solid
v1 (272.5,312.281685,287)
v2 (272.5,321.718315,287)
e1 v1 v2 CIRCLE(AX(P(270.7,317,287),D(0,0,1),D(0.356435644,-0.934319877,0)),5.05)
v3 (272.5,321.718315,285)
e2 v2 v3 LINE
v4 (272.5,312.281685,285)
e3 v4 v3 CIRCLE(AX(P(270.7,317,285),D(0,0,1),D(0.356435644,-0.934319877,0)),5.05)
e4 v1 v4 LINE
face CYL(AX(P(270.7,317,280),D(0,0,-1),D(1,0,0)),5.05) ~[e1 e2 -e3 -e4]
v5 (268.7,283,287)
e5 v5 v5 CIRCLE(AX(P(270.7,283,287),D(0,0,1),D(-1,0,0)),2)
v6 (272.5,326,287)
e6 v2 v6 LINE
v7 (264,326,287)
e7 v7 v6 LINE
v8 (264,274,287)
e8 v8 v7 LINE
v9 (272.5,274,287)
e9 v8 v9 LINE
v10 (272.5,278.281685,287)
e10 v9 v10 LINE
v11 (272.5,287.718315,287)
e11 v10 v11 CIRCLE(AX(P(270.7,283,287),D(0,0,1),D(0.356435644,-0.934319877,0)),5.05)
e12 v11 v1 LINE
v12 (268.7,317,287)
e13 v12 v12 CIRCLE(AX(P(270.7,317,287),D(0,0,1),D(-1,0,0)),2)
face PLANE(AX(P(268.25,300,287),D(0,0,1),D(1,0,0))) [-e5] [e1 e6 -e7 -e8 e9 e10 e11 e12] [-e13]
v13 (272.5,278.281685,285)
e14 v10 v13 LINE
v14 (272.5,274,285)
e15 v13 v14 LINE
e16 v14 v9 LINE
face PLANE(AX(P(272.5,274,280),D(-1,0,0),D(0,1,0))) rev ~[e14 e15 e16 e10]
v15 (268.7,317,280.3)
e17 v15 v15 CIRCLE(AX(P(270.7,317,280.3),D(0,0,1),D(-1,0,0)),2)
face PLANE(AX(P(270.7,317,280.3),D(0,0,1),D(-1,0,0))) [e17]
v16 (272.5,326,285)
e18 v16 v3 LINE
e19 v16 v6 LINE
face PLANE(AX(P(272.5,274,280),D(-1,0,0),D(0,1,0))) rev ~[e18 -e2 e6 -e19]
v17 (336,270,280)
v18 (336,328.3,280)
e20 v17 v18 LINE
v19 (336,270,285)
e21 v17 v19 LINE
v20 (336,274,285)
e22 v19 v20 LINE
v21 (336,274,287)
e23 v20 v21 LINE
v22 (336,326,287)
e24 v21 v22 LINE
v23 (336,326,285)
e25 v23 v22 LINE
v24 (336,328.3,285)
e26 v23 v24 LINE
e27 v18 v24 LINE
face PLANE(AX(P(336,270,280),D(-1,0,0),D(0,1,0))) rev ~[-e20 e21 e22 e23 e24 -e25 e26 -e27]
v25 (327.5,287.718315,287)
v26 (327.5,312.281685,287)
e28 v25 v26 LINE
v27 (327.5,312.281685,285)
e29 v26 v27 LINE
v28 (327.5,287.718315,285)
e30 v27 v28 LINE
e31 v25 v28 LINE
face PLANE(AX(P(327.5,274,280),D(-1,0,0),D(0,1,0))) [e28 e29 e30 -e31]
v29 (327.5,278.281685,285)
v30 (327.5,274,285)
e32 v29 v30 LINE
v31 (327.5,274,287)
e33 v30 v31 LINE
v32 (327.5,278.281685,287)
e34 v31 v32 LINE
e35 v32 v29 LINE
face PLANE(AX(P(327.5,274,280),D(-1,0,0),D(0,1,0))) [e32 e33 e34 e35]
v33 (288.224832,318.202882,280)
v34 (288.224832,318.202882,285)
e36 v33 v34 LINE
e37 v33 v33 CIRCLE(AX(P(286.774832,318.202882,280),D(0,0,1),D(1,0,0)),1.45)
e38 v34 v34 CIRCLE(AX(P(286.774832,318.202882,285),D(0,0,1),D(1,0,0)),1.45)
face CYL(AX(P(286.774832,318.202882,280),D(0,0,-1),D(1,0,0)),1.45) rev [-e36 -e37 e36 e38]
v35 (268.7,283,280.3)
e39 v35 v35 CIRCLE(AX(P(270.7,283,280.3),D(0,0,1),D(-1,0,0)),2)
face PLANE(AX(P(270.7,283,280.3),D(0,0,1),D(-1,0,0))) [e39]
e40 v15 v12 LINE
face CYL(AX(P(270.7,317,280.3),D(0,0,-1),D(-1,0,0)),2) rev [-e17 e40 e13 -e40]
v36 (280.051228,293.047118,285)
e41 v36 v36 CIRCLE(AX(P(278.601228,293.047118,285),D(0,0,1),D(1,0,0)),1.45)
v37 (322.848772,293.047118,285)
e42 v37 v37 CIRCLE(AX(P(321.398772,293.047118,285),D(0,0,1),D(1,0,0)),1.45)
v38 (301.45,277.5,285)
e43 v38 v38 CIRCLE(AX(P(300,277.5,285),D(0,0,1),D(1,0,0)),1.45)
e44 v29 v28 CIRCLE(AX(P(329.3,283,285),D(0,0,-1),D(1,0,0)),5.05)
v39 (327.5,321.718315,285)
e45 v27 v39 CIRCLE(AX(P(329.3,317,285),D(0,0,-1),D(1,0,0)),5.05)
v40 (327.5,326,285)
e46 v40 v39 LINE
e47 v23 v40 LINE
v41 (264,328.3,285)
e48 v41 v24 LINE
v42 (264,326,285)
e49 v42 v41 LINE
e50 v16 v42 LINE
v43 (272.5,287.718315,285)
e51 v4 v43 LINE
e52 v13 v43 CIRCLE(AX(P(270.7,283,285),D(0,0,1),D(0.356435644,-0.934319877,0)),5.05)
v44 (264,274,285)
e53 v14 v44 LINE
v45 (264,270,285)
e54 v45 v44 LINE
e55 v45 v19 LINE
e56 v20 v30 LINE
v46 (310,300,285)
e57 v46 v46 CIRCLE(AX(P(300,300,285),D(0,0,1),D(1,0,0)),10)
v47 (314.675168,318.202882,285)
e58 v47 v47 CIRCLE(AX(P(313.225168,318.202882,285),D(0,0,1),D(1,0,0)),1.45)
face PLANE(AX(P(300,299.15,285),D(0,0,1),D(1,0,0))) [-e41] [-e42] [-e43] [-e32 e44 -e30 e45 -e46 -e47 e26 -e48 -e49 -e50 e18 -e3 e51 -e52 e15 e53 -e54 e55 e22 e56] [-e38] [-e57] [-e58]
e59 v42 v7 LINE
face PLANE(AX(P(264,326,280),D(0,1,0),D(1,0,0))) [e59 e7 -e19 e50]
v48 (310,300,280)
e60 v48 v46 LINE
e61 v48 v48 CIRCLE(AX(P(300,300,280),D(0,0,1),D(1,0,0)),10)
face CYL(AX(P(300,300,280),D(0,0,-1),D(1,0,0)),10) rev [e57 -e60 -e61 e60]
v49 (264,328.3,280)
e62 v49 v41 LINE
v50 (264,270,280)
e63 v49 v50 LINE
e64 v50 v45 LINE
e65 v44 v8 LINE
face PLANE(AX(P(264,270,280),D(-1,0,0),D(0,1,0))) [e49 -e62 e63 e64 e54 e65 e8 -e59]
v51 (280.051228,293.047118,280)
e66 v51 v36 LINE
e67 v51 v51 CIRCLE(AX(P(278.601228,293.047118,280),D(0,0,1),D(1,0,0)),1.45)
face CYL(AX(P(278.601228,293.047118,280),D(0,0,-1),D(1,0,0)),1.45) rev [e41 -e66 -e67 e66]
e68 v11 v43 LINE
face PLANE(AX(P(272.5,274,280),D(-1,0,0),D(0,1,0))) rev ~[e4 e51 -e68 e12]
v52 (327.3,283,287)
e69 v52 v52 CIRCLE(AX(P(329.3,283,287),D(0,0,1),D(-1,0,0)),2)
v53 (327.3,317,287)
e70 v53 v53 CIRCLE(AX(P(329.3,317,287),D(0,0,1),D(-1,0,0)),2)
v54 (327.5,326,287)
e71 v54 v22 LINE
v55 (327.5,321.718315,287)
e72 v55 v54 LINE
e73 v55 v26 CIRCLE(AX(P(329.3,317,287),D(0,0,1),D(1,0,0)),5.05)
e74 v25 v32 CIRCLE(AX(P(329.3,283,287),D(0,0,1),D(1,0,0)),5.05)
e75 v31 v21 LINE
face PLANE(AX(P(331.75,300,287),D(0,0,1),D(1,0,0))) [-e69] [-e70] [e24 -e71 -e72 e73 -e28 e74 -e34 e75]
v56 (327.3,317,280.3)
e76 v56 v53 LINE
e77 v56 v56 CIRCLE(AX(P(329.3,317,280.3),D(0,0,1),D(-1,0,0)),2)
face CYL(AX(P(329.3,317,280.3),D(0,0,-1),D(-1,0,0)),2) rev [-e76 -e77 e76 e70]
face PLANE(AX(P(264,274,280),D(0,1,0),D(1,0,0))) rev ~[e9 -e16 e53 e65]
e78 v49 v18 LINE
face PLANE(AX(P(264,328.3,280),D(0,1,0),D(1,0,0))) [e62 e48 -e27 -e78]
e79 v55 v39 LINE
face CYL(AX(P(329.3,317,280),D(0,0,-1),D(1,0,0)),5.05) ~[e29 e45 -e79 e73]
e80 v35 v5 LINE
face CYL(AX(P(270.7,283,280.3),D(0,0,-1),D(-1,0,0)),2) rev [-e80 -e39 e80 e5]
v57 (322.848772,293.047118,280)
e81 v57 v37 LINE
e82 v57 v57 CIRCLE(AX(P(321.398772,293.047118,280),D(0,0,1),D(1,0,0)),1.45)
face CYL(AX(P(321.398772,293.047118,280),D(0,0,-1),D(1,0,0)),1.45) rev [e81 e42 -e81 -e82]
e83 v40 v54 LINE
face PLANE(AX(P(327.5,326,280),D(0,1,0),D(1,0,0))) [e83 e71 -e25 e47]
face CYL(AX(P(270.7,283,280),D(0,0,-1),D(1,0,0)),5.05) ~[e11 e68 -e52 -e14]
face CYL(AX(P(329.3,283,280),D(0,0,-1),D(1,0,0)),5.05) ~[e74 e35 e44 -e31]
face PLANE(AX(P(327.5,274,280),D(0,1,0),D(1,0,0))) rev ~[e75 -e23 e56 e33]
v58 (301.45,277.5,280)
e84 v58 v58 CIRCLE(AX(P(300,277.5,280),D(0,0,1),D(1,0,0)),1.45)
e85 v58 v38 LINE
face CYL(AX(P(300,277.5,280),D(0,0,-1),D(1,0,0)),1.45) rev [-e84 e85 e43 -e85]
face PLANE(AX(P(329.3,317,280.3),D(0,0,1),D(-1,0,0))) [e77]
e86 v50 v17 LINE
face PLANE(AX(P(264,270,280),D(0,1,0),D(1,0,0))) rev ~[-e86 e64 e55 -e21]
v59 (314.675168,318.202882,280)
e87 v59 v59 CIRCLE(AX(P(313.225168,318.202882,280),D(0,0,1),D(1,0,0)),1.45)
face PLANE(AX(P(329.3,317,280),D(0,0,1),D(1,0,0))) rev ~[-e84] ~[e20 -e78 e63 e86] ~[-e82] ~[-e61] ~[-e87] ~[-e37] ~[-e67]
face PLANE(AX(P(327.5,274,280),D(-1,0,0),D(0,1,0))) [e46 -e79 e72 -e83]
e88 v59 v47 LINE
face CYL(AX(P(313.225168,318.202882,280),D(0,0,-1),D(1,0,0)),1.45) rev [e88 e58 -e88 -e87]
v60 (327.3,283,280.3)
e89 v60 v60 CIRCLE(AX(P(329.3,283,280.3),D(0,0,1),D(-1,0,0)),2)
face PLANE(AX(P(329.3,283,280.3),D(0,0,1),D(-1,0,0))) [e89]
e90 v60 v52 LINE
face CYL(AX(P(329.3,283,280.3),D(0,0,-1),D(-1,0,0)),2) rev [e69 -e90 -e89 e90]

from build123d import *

# Parameters (mm, degrees)
SKETCH1_W           = 72
SKETCH1_H           = 58.3
SKETCH1_R           = 10
SKETCH1_R_2         = 1.45
BOSS_EXTRUDE1_DEPTH = 5
SKETCH2_W           = 8.5
SKETCH2_H           = 52
BOSS_EXTRUDE2_DEPTH = 7
SKETCH3_R           = 5.05
BOSS_EXTRUDE3_DEPTH = 7
SKETCH4_R           = 5.05
BOSS_EXTRUDE4_DEPTH = 7
SKETCH5_R           = 2
CUT_EXTRUDE1_DEPTH  = 6.7
SKETCH6_W           = 8.5
SKETCH6_H           = 52
BOSS_EXTRUDE5_DEPTH = 7
SKETCH7_R           = 5.05
BOSS_EXTRUDE6_DEPTH = 7
SKETCH8_R           = 5.05
BOSS_EXTRUDE7_DEPTH = 7
SKETCH9_R           = 2
CUT_EXTRUDE2_DEPTH  = 6.7


with BuildPart() as part:
    # Sketch1 → Boss-Extrude1 (new body)
    with BuildSketch(Plane.XY.offset(280)):
        with Locations((300, 299.15)):
            Rectangle(SKETCH1_W, SKETCH1_H)
        with Locations((300, 300)):
            Circle(SKETCH1_R, mode=Mode.SUBTRACT)
        with Locations((286.774831823, 318.202882373)):
            Circle(SKETCH1_R_2, mode=Mode.SUBTRACT)
        with Locations((278.601228383, 293.047117627)):
            Circle(SKETCH1_R_2, mode=Mode.SUBTRACT)
        with Locations((300, 277.5)):
            Circle(SKETCH1_R_2, mode=Mode.SUBTRACT)
        with Locations((321.398771617, 293.047117627)):
            Circle(SKETCH1_R_2, mode=Mode.SUBTRACT)
        with Locations((313.225168177, 318.202882373)):
            Circle(SKETCH1_R_2, mode=Mode.SUBTRACT)
    extrude(amount=BOSS_EXTRUDE1_DEPTH)

    # Sketch2 → Boss-Extrude2 (add)
    with BuildSketch(Plane.XY.offset(280)):
        with Locations((268.25, 300)):
            Rectangle(SKETCH2_W, SKETCH2_H)
    extrude(amount=BOSS_EXTRUDE2_DEPTH)

    # Sketch3 → Boss-Extrude3 (add)
    with BuildSketch(Plane.XY.offset(280)):
        with Locations((270.7, 283)):
            Circle(SKETCH3_R)
    extrude(amount=BOSS_EXTRUDE3_DEPTH)

    # Sketch4 → Boss-Extrude4 (add)
    with BuildSketch(Plane.XY.offset(280)):
        with Locations((270.7, 317)):
            Circle(SKETCH4_R)
    extrude(amount=BOSS_EXTRUDE4_DEPTH)

    # Sketch5 → Cut-Extrude1 (cut)
    with BuildSketch(Plane.XY.offset(280.3)):
        with Locations((270.7, 283)):
            Circle(SKETCH5_R)
        with Locations((270.7, 317)):
            Circle(SKETCH5_R)
    extrude(amount=CUT_EXTRUDE1_DEPTH, mode=Mode.SUBTRACT)

    # Sketch6 → Boss-Extrude5 (add)
    with BuildSketch(Plane.XY.offset(280)):
        with Locations((331.75, 300)):
            Rectangle(SKETCH6_W, SKETCH6_H)
    extrude(amount=BOSS_EXTRUDE5_DEPTH)

    # Sketch7 → Boss-Extrude6 (add)
    with BuildSketch(Plane.XY.offset(280)):
        with Locations((329.3, 283)):
            Circle(SKETCH7_R)
    extrude(amount=BOSS_EXTRUDE6_DEPTH)

    # Sketch8 → Boss-Extrude7 (add)
    with BuildSketch(Plane.XY.offset(280)):
        with Locations((329.3, 317)):
            Circle(SKETCH8_R)
    extrude(amount=BOSS_EXTRUDE7_DEPTH)

    # Sketch9 → Cut-Extrude2 (cut)
    with BuildSketch(Plane.XY.offset(280.3)):
        with Locations((329.3, 283)):
            Circle(SKETCH9_R)
        with Locations((329.3, 317)):
            Circle(SKETCH9_R)
    extrude(amount=CUT_EXTRUDE2_DEPTH, mode=Mode.SUBTRACT)


solid = part.part
